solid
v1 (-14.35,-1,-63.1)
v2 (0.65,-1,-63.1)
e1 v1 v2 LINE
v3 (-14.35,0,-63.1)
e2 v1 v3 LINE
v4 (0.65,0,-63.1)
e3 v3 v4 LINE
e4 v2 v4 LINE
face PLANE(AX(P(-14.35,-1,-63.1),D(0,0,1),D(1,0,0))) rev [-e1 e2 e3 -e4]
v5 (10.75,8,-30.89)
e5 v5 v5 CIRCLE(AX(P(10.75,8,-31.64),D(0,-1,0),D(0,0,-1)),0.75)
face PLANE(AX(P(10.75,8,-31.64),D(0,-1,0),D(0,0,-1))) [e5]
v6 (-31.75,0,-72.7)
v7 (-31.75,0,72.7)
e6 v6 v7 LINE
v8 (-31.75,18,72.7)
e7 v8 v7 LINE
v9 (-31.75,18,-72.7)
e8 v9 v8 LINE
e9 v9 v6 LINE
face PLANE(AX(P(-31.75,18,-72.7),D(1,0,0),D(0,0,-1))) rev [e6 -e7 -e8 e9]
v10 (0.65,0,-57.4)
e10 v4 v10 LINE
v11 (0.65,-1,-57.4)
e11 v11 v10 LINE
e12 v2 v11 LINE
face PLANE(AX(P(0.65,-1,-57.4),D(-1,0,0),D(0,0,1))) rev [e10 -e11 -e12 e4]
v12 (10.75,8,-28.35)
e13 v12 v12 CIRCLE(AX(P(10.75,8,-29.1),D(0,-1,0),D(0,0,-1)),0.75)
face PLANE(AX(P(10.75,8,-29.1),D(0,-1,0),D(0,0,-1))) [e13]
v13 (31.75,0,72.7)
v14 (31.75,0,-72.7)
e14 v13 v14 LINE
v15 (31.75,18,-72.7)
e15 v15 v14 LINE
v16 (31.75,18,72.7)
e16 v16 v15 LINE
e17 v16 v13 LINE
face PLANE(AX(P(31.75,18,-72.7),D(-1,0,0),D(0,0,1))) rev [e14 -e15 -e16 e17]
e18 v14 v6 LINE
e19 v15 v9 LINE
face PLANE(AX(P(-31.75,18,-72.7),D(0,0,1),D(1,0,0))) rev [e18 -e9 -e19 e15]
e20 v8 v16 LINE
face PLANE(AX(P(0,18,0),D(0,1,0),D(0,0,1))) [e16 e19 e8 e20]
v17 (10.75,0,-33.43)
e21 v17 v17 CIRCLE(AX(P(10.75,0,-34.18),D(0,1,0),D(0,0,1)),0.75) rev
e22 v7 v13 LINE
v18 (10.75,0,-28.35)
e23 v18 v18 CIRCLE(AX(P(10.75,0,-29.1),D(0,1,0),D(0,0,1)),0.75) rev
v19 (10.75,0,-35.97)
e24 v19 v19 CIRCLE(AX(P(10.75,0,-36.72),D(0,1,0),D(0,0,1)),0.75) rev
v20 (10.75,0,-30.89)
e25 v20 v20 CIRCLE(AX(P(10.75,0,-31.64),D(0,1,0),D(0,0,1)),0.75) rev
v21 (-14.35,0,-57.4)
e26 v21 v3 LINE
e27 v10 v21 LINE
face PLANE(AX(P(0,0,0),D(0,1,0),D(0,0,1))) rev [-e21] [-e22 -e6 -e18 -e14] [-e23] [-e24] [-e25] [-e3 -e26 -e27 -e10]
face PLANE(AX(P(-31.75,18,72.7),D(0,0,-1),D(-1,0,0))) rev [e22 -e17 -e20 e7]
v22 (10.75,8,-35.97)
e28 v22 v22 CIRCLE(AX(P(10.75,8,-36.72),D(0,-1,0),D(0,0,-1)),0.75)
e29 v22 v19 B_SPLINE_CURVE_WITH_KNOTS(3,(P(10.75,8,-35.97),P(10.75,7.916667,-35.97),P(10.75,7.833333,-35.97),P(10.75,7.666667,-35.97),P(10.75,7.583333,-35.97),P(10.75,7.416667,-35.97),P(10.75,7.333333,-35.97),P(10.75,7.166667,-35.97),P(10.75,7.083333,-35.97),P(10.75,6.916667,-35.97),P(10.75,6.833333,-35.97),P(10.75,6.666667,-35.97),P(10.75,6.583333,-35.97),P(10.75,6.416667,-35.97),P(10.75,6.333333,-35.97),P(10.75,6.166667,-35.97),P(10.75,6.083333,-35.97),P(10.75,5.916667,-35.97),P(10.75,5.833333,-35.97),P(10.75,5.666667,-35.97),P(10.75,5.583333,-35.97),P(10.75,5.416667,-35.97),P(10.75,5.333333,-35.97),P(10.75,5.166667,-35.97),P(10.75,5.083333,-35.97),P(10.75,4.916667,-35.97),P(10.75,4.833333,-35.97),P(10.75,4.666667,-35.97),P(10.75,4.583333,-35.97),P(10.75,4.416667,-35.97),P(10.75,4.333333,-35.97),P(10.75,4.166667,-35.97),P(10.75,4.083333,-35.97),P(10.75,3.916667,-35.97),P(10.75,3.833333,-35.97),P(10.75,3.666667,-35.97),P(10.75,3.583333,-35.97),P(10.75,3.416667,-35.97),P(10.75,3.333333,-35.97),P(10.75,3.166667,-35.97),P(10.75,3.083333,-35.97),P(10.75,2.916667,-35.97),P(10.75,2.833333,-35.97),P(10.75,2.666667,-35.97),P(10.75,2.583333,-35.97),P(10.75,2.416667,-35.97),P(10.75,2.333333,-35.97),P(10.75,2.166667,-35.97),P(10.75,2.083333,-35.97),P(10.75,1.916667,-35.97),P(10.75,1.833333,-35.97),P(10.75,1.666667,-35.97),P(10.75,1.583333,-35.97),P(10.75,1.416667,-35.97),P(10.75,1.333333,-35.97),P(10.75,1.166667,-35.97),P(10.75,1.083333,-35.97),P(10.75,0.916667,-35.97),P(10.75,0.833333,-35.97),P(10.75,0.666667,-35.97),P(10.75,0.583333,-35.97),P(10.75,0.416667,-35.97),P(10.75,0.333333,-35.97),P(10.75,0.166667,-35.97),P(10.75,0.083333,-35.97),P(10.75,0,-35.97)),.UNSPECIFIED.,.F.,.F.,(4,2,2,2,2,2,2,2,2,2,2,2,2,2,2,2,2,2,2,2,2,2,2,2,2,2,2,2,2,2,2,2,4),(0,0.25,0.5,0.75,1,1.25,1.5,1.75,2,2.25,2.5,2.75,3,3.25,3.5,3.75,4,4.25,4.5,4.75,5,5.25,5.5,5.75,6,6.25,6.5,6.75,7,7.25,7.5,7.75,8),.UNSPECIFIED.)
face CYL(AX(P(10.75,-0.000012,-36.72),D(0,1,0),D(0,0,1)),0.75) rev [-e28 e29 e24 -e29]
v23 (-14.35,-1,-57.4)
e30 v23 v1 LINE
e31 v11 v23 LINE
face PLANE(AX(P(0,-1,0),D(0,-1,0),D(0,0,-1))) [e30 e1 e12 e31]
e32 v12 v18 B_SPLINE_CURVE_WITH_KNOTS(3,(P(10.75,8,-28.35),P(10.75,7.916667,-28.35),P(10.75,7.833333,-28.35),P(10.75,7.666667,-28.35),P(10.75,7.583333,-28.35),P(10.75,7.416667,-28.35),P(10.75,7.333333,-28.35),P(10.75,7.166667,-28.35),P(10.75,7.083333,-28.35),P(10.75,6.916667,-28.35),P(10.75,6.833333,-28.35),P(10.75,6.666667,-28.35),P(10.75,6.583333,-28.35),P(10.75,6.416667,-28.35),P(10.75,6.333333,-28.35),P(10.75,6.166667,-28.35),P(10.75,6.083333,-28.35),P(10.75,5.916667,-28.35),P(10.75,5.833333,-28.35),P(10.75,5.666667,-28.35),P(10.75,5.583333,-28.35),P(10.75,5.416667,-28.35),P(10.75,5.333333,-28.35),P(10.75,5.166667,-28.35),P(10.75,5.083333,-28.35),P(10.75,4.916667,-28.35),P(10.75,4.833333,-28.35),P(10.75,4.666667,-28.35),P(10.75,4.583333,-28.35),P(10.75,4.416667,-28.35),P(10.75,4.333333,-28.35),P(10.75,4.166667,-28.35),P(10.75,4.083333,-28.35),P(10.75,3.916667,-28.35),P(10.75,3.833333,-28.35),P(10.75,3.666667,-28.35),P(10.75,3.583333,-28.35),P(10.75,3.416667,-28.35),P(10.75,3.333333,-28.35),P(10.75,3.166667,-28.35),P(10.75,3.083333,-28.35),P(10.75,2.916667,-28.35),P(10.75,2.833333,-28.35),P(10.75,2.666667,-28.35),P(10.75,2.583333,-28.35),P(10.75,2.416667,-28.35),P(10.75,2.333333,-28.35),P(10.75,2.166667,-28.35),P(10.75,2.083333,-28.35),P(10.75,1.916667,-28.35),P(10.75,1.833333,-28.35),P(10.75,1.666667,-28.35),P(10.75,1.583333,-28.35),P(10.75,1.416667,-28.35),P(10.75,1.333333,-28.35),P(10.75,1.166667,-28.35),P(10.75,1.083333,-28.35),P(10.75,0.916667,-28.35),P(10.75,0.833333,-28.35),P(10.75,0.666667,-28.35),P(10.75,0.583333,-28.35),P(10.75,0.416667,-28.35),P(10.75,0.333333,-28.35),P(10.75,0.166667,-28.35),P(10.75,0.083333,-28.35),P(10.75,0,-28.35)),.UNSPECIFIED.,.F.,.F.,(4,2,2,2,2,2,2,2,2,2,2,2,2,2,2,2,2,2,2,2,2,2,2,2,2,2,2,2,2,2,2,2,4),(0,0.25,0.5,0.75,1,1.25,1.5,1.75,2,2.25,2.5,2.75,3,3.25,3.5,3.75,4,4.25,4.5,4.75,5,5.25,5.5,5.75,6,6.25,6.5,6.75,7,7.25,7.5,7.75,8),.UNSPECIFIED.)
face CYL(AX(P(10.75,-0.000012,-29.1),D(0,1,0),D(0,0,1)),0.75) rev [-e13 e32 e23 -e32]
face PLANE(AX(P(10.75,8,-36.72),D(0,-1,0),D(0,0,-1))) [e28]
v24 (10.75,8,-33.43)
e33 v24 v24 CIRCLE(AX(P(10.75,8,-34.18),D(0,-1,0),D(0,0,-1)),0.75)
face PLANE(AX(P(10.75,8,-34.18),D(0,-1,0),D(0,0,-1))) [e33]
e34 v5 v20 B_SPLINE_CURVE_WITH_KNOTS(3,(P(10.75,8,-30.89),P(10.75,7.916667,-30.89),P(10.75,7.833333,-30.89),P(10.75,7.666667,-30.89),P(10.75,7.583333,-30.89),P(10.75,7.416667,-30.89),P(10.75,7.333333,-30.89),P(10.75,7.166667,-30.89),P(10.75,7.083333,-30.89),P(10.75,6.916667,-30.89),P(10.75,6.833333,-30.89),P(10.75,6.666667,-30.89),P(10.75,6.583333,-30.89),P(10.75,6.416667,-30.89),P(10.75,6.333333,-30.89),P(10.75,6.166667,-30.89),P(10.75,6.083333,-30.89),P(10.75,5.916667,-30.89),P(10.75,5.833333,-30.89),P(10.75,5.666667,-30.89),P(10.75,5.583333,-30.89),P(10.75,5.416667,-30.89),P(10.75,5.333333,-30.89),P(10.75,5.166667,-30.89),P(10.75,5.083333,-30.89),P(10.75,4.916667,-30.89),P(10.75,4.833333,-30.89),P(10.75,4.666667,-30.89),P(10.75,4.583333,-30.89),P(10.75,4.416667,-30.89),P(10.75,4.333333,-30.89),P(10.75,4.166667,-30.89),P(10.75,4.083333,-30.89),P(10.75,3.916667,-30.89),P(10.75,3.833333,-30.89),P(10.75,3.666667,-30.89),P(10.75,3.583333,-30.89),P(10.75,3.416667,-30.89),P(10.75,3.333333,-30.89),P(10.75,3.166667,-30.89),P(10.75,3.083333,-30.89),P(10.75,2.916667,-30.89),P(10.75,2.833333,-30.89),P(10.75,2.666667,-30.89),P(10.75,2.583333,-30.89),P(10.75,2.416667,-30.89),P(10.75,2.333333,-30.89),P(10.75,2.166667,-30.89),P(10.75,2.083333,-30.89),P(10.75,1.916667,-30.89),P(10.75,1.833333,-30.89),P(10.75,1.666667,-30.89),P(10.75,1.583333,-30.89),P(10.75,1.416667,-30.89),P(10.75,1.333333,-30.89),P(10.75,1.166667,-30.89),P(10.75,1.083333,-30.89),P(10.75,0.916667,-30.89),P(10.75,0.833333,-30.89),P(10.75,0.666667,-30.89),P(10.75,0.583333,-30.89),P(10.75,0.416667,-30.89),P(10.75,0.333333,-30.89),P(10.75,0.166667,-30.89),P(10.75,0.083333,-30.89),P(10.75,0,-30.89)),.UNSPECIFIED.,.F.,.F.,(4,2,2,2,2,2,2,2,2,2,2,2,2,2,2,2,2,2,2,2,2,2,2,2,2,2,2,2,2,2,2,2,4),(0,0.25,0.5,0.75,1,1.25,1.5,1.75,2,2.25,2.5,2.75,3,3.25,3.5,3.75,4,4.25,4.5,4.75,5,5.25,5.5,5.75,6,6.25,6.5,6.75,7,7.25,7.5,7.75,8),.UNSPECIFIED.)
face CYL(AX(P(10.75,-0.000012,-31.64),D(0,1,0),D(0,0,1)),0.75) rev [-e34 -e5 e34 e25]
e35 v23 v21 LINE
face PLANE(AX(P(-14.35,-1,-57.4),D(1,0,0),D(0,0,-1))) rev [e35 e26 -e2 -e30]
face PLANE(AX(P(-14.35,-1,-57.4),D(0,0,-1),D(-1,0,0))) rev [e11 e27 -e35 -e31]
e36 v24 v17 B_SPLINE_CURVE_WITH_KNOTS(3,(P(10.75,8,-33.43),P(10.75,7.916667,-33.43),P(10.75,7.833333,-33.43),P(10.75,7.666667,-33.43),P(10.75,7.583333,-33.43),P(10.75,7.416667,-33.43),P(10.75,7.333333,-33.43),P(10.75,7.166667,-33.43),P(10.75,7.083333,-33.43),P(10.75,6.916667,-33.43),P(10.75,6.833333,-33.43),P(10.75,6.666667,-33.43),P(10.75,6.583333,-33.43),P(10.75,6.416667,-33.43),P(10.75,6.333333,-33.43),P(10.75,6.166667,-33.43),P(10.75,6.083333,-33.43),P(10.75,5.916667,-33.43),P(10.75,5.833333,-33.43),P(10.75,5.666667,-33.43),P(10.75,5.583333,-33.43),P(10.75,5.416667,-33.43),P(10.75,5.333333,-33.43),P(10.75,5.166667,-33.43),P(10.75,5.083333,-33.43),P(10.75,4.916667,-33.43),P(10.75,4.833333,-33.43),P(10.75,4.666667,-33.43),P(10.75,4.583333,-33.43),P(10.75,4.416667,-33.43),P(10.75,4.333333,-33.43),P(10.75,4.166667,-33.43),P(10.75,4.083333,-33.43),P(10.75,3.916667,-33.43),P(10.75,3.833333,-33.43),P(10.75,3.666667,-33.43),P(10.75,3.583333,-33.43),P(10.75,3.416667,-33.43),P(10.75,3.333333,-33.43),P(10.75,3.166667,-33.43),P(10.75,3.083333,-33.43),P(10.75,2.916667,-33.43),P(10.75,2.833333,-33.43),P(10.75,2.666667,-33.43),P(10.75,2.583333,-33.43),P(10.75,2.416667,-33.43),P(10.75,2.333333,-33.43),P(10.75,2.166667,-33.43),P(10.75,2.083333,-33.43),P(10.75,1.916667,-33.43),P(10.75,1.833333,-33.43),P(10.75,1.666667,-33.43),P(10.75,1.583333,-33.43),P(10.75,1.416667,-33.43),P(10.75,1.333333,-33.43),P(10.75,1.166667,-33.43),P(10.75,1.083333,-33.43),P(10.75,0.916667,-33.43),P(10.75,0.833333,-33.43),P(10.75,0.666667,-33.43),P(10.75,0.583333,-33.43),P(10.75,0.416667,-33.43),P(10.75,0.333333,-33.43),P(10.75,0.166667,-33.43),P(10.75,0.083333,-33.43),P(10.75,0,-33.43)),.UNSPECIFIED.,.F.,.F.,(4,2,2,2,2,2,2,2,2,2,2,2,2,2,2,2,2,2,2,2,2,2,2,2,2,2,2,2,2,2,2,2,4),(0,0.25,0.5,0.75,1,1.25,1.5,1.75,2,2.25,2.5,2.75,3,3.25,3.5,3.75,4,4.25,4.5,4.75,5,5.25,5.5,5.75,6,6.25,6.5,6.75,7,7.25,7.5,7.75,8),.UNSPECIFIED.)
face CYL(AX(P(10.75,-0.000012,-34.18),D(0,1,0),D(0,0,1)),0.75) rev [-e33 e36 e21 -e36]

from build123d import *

# Parameters (mm, degrees)
SKETCH1_W               = 63.5
SKETCH1_H               = 145.4
BOSS_EXTRUDE1_DEPTH     = 18
CUT_EXTRUDE2_DEPTH      = 82.347111196
CUT_EXTRUDE2_DEPTH_BACK = 8
SKETCH3_R               = 0.75
SKETCH4_W               = 15
SKETCH4_H               = 5.7
BOSS_EXTRUDE2_DEPTH     = 1


with BuildPart() as part:
    # Sketch1 → Boss-Extrude1 (new body)
    with BuildSketch(Plane(origin=(0, 0, 0), x_dir=(1, 0, 0), z_dir=(0, 1, 0))):
        Rectangle(SKETCH1_W, SKETCH1_H)
    extrude(amount=BOSS_EXTRUDE1_DEPTH)

    # Sketch3 → Cut-Extrude2 (cut, two sides: drawn at the far end of the back side and taken through both)
    with BuildSketch(Plane.XZ.offset(-CUT_EXTRUDE2_DEPTH_BACK)):
        with Locations(Location((10.75, -29.1, 0), (0, 0, 90))):
            Circle(SKETCH3_R)
        with Locations(Location((10.75, -31.64, 0), (0, 0, 90))):
            Circle(SKETCH3_R)
        with Locations(Location((10.75, -34.18, 0), (0, 0, 90))):
            Circle(SKETCH3_R)
        with Locations(Location((10.75, -36.72, 0), (0, 0, 90))):
            Circle(SKETCH3_R)
    extrude(amount=CUT_EXTRUDE2_DEPTH + CUT_EXTRUDE2_DEPTH_BACK, mode=Mode.SUBTRACT)

    # Sketch4 → Boss-Extrude2 (add)
    with BuildSketch(Plane.XZ):
        with Locations((-6.85, -60.25)):
            Rectangle(SKETCH4_W, SKETCH4_H)
    extrude(amount=BOSS_EXTRUDE2_DEPTH)


solid = part.part
